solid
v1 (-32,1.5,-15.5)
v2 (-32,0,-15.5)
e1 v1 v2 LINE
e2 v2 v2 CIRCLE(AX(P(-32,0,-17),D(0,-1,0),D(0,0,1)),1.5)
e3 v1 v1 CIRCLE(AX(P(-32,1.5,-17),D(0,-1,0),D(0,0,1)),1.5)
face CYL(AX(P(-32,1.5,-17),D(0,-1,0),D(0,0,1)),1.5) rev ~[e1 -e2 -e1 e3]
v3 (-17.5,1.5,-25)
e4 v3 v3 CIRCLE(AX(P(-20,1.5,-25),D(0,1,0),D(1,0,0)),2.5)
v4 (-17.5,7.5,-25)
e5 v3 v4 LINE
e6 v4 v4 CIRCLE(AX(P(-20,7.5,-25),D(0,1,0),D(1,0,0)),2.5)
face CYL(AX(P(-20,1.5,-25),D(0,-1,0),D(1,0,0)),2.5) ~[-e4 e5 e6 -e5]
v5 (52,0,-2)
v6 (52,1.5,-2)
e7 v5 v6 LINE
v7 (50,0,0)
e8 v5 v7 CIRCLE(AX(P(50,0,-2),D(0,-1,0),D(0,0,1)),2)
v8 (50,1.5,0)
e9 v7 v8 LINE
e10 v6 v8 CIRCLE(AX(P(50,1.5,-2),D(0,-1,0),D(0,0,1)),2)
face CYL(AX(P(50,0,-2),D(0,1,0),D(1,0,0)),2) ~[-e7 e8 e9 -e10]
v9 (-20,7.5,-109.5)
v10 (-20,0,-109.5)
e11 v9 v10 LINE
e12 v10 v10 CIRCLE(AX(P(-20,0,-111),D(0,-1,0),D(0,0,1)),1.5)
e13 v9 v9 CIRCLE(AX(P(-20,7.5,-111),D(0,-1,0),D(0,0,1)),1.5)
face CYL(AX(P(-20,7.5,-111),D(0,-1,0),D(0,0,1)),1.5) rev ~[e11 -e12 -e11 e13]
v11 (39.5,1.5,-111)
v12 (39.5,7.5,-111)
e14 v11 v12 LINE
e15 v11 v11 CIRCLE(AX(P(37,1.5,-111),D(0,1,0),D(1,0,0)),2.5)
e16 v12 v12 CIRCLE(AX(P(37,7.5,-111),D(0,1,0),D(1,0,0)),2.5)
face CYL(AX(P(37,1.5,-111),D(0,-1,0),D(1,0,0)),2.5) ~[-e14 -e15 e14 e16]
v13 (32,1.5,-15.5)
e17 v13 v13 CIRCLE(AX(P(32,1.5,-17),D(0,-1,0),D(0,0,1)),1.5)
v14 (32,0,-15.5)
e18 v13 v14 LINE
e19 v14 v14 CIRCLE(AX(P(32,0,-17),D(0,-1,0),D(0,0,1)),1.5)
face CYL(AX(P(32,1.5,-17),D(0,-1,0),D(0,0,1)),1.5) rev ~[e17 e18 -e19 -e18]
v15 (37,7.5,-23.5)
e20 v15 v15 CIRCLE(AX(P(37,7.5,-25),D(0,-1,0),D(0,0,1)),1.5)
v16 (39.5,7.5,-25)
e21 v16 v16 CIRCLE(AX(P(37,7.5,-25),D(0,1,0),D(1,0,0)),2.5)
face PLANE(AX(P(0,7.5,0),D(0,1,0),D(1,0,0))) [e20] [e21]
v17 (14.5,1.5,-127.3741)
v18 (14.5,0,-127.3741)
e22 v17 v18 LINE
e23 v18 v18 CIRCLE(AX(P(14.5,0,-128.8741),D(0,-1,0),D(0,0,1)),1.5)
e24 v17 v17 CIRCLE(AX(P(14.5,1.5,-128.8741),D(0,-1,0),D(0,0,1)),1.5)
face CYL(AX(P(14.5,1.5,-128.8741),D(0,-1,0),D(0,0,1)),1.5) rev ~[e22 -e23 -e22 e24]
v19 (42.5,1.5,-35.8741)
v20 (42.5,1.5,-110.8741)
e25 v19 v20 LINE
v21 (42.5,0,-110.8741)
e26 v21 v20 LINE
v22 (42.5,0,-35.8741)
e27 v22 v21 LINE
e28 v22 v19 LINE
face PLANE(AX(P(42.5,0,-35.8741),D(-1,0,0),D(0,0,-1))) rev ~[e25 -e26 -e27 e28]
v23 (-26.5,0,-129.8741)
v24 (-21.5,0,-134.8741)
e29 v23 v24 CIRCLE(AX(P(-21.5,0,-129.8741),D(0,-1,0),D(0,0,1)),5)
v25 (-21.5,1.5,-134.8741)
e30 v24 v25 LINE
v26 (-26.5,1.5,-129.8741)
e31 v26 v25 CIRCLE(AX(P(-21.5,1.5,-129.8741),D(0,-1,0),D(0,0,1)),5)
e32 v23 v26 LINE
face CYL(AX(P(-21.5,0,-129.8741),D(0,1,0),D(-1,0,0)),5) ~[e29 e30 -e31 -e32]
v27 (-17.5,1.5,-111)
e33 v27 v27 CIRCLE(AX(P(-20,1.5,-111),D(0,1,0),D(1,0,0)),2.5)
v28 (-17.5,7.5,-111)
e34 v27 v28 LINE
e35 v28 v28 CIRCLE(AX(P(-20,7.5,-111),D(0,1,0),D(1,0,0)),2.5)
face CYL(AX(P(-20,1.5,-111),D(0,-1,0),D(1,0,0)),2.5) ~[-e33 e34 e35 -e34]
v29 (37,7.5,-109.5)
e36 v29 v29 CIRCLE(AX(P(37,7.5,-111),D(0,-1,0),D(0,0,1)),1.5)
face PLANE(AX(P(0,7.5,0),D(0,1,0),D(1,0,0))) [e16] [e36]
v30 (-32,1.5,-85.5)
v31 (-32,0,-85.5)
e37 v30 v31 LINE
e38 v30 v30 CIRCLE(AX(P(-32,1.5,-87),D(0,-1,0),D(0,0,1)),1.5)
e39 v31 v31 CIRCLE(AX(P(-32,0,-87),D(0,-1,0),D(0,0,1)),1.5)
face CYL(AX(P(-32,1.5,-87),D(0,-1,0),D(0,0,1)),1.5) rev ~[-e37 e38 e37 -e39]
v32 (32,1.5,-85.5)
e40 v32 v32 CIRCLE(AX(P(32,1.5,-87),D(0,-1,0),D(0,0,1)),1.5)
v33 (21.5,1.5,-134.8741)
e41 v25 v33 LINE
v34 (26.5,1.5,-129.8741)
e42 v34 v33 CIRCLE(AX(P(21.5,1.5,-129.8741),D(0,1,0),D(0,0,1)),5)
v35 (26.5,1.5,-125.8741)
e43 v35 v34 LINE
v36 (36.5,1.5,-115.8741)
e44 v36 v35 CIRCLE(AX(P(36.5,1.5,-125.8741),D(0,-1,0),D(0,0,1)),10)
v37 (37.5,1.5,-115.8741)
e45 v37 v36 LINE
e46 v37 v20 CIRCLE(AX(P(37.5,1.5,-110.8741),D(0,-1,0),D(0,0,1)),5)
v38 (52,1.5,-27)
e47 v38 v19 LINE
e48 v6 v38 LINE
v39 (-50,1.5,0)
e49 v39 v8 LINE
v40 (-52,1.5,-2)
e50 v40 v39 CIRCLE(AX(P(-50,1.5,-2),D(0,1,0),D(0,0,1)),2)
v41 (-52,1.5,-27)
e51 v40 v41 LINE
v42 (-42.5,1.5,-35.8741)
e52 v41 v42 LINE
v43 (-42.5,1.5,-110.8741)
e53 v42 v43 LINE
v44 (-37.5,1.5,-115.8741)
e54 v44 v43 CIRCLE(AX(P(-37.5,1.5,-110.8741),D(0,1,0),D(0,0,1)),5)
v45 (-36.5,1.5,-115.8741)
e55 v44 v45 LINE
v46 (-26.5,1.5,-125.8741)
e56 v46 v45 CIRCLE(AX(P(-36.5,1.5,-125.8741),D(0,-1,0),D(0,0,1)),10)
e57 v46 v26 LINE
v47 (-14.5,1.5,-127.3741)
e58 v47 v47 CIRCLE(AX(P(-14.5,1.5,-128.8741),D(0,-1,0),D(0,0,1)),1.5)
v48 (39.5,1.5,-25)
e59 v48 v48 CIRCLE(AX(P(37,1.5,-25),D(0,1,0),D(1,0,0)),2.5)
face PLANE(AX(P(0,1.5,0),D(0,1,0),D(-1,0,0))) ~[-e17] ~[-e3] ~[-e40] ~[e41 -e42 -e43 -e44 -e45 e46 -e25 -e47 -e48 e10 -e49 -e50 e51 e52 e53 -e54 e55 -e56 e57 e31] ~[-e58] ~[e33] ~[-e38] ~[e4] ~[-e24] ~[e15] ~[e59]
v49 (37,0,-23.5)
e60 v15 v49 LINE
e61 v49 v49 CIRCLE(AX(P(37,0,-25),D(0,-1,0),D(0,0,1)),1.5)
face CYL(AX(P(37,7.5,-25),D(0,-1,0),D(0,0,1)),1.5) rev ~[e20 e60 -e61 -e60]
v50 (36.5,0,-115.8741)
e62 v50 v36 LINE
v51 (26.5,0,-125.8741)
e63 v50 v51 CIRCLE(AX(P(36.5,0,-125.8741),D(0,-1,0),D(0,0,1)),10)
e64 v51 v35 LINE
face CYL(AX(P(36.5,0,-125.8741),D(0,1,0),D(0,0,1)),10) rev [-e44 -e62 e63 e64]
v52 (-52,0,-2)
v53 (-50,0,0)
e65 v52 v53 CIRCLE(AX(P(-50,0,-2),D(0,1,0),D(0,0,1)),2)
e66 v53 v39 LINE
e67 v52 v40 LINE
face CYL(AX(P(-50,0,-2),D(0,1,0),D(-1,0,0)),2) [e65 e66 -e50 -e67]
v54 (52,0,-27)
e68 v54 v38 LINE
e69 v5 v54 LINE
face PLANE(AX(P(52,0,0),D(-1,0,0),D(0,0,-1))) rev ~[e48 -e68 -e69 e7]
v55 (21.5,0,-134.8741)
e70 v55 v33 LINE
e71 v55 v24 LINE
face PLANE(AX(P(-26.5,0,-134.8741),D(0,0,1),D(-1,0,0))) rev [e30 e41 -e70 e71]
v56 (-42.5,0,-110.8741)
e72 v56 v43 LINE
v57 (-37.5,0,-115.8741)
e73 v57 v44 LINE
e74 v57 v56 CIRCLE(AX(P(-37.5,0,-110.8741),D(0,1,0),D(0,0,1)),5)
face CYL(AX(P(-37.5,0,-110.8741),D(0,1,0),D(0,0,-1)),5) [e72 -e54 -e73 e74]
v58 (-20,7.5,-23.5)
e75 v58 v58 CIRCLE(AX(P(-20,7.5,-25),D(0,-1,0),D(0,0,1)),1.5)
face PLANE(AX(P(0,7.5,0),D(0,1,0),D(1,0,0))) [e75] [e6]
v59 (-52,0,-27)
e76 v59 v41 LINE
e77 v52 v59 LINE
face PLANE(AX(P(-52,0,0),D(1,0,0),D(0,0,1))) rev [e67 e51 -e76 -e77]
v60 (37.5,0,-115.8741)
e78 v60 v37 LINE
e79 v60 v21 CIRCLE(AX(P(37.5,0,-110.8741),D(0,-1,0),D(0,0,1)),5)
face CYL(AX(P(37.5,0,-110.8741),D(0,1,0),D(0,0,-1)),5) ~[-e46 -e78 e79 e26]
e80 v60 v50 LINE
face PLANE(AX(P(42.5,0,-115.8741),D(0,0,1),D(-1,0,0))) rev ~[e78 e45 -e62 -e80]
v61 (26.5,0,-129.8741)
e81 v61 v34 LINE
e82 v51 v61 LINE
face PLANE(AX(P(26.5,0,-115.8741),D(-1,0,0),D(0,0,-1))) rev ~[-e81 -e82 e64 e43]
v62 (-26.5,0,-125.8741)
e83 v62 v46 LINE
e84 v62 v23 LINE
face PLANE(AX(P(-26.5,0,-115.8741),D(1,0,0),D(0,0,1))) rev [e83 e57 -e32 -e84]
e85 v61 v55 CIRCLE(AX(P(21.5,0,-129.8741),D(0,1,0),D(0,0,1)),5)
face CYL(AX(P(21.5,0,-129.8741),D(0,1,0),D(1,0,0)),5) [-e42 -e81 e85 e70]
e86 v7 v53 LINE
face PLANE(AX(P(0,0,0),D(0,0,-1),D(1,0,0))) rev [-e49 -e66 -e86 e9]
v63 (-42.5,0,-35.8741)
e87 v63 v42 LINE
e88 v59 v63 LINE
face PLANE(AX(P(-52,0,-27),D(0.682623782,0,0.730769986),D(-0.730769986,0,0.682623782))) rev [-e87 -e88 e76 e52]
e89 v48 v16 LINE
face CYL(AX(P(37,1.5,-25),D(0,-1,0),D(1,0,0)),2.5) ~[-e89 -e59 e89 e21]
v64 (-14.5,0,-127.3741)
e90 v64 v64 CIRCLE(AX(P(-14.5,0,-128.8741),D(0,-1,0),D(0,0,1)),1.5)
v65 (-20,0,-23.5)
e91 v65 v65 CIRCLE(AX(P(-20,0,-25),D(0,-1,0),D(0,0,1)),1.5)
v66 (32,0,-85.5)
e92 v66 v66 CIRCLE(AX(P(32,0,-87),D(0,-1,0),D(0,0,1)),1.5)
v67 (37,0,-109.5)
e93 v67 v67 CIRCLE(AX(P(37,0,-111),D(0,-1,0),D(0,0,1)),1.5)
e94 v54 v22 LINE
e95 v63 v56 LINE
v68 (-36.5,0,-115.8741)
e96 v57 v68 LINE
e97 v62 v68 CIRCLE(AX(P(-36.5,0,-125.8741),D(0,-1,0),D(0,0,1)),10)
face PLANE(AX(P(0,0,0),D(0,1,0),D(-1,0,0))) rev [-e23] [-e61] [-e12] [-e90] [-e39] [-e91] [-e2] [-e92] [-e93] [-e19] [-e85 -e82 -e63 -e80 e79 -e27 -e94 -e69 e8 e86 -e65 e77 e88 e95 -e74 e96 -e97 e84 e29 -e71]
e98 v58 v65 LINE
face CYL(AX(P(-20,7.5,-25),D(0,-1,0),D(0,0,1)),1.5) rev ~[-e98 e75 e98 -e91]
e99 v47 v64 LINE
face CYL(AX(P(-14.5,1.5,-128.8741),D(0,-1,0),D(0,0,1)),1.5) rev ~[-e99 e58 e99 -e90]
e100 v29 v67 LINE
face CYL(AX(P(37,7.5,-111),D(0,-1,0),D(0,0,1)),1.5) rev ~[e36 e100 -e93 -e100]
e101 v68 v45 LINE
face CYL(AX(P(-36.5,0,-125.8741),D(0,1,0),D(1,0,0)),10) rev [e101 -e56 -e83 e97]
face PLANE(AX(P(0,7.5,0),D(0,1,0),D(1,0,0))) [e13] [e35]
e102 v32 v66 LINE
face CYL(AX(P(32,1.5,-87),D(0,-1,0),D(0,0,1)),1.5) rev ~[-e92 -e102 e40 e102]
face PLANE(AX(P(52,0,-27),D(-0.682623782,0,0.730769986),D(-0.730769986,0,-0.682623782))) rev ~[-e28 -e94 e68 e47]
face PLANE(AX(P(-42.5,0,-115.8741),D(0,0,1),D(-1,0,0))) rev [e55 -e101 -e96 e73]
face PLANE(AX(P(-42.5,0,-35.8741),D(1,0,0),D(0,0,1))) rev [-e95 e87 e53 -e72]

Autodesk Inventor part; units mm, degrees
sketch "Skizze1" plane through (0, 0, 0) normal (0, 1, 0) x (-1, 0, 0)
  line L0 (0, 0) -> (-52, 0)
  line L1 (-52, 0) -> (-52, -27)
  line L2 (-52, -27) -> (-42.5, -35.8741)
  line L3 (-42.5, -35.8741) -> (-42.5, -115.8741)
  line L4 (-42.5, -115.8741) -> (-26.5, -115.8741)
  line L5 (-26.5, -115.8741) -> (-26.5, -134.8741)
  line L6 (-26.5, -134.8741) -> (0, -134.8741)
  line L7 (0, -134.8741) -> (0, 0)
  dimension "d2" = 52
  dimension "d3" = 27
  dimension "d4" = 13
  dimension "d8" = 80
  dimension "d9" = 16
  dimension "d10" = 19
  dimension "d11" = 42.5
  dimension "d12" = 26.5
  dimension "d13" = 134.8741
extrude "Extrusion1" add sketch "Skizze1" along normal blind 1.5
fillet "Rundung1" radius 2 1 edges at (52, 0.75, 0)
fillet "Rundung2" radius 10 1 edges at (26.5, 0.75, -115.8741)
fillet "Rundung3" radius 5 1 edges at (42.5, 0.75, -115.8741)
fillet "Rundung4" radius 5 1 edges at (26.5, 0.75, -134.8741)
mirror "Spiegeln1" about plane through (0, 0, 0) normal (1, 0, 0) of "Extrusion1"
mirror "Spiegeln2" about plane through (0, 0, 0) normal (1, 0, 0) of "Rundung2", "Rundung4", "Rundung3", "Rundung1"
sketch "Skizze2" plane through (0, 1.5, 0) normal (0, 1, 0) x (1, 0, 0)
  line L0 (-26.5, 125.8741) -> (-26.5, 129.8741) projected
  line L1 (21.5, 134.8741) -> (-21.5, 134.8741) projected
  line L2 (26.5, 125.8741) -> (26.5, 129.8741) projected
  point P0 (0, 0)
  point P1 (14.5, 128.8741)
  point P2 (-14.5, 128.8741)
  dimension "d20" = 12
  dimension "d21" = 6
  dimension "d22" = 6
  dimension "d23" = 12
hole "Bohrung1" at (14.5, 1.5, -128.8741) at (-14.5, 1.5, -128.8741) direction (0, -1, 0) diameter 3 end through all
sketch "Skizze3" plane through (0, 1.5, 0) normal (0, 1, 0) x (1, 0, 0)
  line L0 (-52, 2) -> (-52, 27) projected
  line L1 (50, 0) -> (-50, 0) projected
  line L2 (52, 2) -> (52, 27) projected
  point P0 (0, 0)
  point P1 (32, 17)
  point P2 (-32, 17)
  point P3 (-32, 87)
  point P4 (32, 87)
  dimension "d31" = 20
  dimension "d32" = 17
  dimension "d33" = 20
  dimension "d34" = 17
  dimension "d42" = 70
  dimension "d43" = 70
  dimension "d44" = 20
  dimension "d45" = 20
hole "Bohrung3" at (32, 1.5, -17) at (-32, 1.5, -17) at (-32, 1.5, -87) at (32, 1.5, -87) direction (0, -1, 0) diameter 3 end through all
sketch "Skizze4" plane through (0, 1.5, 0) normal (0, 1, 0) x (1, 0, 0)
  circle A0 centre (37, 25) radius 2.5
  line L0 (50, 0) -> (-50, 0) projected
  line L1 (52, 2) -> (52, 27) projected
  circle A1 centre (37, 111) radius 2.5
  circle A2 centre (-20, 25) radius 2.5
  circle A3 centre (-20, 111) radius 2.5
  point P0 (0, 0)
  dimension "d53" = 5
  dimension "d54" = 25
  dimension "d55" = 15
  dimension "d56" = 5
  dimension "d57" = 86
  dimension "d58" = 15
  dimension "d59" = 5
  dimension "d60" = 25
  dimension "d61" = 57
  dimension "d62" = 5
  dimension "d63" = 57
  dimension "d64" = 86
extrude "Extrusion2" add sketch "Skizze4" along normal blind 6
sketch "Skizze5" plane through (-20, 7.5, -25) normal (0, 1, 0) x (1, 0, 0)
  circle A0 centre (57, 0) radius 2.5 projected
  circle A1 centre (57, 86) radius 2.5 projected
  circle A2 centre (0, 0) radius 2.5 projected
  circle A3 centre (0, 86) radius 2.5 projected
  point P0 (20, -25)
  dimension "d68" = 0
  dimension "d69" = 0
  dimension "d70" = 0
  dimension "d71" = 0
  dimension "d72" = 0
  dimension "d73" = 0
  dimension "d74" = 0
  dimension "d75" = 0
hole "Bohrung4" at (37, 7.5, -111) at (37, 7.5, -25) at (-20, 7.5, -25) at (-20, 7.5, -111) direction (0, -1, 0) diameter 3 end through all
thread "Gewinde1" size "M3x0.5" class "6H" standard "ANSI Metric M Profile" full length
thread "Gewinde2" size "M3x0.5" class "6H" standard "ANSI Metric M Profile" full length
thread "Gewinde3" size "M3x0.5" class "6H" standard "ANSI Metric M Profile" full length
thread "Gewinde4" size "M3x0.5" class "6H" standard "ANSI Metric M Profile" full length
ref_plane "Arbeitsebene1" through (0, 0, 0) normal (1, 0, 0) x (0, 1, 0)
properties part number "waveshare_expansion_board"
